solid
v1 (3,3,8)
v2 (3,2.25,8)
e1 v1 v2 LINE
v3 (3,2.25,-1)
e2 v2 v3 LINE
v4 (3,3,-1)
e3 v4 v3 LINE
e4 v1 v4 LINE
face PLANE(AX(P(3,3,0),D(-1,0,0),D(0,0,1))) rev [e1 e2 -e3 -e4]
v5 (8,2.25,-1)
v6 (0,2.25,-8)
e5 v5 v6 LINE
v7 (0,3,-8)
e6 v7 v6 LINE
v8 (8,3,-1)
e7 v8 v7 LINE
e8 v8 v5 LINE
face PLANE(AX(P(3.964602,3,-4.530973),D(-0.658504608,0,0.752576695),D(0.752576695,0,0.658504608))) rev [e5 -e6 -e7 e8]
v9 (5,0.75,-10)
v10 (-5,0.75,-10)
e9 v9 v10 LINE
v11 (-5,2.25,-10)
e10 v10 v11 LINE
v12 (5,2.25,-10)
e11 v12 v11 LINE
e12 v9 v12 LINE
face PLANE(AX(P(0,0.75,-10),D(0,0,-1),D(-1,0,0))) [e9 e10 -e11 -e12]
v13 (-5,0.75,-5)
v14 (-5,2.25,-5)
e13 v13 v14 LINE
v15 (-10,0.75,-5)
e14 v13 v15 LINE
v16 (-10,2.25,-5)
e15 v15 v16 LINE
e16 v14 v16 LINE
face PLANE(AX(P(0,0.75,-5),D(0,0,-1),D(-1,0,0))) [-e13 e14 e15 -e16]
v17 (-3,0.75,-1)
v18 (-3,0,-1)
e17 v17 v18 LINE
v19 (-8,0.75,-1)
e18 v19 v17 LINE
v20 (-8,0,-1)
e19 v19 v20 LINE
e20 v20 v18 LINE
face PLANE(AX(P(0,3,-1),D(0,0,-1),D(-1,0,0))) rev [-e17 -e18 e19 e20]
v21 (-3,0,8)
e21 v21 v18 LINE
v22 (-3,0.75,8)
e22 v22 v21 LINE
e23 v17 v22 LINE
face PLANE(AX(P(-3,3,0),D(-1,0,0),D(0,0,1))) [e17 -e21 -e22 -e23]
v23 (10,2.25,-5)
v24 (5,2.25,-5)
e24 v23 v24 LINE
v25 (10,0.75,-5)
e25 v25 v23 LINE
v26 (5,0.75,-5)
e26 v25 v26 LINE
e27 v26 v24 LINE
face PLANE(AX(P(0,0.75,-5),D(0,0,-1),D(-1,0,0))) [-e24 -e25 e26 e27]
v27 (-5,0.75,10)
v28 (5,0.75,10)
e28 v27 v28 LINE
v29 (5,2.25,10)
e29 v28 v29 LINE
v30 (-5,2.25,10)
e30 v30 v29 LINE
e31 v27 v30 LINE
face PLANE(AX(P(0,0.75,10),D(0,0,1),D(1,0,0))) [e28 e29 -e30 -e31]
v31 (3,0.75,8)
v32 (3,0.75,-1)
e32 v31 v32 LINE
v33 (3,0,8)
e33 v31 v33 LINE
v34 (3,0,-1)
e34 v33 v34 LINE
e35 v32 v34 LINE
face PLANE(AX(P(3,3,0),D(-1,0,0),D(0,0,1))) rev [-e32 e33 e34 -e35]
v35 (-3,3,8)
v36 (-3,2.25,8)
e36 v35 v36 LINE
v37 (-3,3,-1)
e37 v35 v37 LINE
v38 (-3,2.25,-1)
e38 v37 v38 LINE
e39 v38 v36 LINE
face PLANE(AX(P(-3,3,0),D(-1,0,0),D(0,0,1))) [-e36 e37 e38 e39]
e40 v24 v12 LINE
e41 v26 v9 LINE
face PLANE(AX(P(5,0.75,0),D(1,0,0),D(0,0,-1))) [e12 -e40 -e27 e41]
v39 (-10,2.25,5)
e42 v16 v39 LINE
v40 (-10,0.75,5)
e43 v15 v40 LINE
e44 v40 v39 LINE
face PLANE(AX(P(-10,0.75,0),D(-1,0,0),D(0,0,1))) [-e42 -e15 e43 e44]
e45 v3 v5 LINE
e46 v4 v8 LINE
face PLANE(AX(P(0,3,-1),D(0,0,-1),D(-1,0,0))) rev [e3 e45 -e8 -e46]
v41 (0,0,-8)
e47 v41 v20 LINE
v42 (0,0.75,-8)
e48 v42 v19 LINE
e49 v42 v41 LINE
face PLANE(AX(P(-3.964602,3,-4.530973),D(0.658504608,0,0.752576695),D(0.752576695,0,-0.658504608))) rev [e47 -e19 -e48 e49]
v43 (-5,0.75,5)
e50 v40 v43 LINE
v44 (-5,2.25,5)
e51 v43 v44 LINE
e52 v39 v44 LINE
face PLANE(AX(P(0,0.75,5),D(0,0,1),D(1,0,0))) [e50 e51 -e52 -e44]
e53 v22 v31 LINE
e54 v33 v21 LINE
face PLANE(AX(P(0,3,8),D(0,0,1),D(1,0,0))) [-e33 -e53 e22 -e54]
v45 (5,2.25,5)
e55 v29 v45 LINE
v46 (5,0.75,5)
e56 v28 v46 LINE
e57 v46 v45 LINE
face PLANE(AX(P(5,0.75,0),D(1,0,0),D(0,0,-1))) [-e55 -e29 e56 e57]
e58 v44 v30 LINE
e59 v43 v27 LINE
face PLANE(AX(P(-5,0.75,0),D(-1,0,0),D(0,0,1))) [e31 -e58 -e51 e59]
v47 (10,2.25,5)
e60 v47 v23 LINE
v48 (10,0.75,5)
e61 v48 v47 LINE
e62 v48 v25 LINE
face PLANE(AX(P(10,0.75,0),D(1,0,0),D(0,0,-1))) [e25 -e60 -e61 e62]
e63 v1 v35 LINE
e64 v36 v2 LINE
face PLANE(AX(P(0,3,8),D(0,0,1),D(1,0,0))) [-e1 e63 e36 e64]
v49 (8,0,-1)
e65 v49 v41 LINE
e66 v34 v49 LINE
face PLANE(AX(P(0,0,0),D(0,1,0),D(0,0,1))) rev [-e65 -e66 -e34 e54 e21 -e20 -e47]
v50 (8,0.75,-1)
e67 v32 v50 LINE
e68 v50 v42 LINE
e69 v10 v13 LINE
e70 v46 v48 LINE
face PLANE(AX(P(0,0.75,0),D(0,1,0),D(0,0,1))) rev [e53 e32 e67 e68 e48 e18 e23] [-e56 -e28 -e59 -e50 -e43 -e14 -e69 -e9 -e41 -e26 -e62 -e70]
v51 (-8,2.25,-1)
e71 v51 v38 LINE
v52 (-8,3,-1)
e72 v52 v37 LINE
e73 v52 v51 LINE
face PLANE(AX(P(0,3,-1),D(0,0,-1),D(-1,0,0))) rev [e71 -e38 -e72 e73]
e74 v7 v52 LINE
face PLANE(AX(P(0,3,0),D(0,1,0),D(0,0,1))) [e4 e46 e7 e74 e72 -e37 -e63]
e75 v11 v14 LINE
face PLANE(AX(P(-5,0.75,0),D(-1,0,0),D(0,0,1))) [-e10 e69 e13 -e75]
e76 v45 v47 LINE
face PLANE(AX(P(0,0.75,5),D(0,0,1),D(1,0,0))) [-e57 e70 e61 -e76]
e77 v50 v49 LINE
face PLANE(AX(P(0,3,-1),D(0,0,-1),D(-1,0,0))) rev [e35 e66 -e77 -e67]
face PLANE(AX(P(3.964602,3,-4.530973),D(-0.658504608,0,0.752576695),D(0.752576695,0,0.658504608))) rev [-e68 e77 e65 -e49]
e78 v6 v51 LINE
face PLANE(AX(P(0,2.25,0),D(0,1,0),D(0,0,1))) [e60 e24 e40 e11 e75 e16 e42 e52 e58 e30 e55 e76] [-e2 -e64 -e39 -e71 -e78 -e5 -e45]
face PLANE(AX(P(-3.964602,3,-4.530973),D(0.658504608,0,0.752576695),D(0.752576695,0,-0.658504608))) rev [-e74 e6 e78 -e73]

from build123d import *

# Parameters (mm, degrees)
SKETCH1_W                = 6
SKETCH1_H                = 3
BOSS_EXTRUDE2_DEPTH      = 3
SKETCH4_W                = 2
SKETCH4_H                = 6
BOSS_EXTRUDE3_DEPTH      = 0.75
BOSS_EXTRUDE3_DEPTH_BACK = 0.75


with BuildPart() as part:
    # Sketch1 → Boss-Extrude2 (new body)
    with BuildSketch(Plane(origin=(0, 0, 0), x_dir=(1, 0, 0), z_dir=(0, 1, 0))):
        Polygon((-5, 3.625), (-5, 1), (-3, 1), (-3, -5), (3, -5), (3, 1), (5, 1), (5, 3.625), (3.428571429, 5), (-3.428571429, 5), align=None)
        with Locations((0, -6.5)):
            Rectangle(SKETCH1_W, SKETCH1_H)
        Polygon((-5, 3.625), (-8, 1), (-5, 1), align=None)
        Polygon((0, 8), (-3.428571429, 5), (3.428571429, 5), align=None)
        Polygon((8, 1), (5, 3.625), (5, 1), align=None)
    extrude(amount=BOSS_EXTRUDE2_DEPTH)

    # Sketch4 → Boss-Extrude3 (add, two sides)
    with BuildSketch(Plane(origin=(0, 1.5, 0), x_dir=(1, 0, 0), z_dir=(0, 1, 0))) as boss_extrude3_sk:
        Polygon((10, -5), (10, 5), (5, 5), (5, 3.625), (8, 1), (5, 1), (5, -5), align=None)
        with Locations((4, -2)):
            Rectangle(SKETCH4_W, SKETCH4_H)
        Polygon((3.428571429, 5), (5, 5), (5, 10), (-5, 10), (-5, 5), (-3.428571429, 5), (0, 8), align=None)
        Polygon((-5, 3.625), (-5, 5), (-10, 5), (-10, -5), (-5, -5), (-5, 1), (-8, 1), align=None)
        Polygon((-5, 3.625), (-3.428571429, 5), (-5, 5), align=None)
        Polygon((5, 3.625), (5, 5), (3.428571429, 5), align=None)
        with Locations((-4, -2)):
            Rectangle(SKETCH4_W, SKETCH4_H)
        Polygon((5, -10), (5, -5), (3, -5), (3, -8), (-3, -8), (-3, -5), (-5, -5), (-5, -10), align=None)
    extrude(amount=BOSS_EXTRUDE3_DEPTH)
    extrude(boss_extrude3_sk.sketch, amount=-BOSS_EXTRUDE3_DEPTH_BACK)


solid = part.part
